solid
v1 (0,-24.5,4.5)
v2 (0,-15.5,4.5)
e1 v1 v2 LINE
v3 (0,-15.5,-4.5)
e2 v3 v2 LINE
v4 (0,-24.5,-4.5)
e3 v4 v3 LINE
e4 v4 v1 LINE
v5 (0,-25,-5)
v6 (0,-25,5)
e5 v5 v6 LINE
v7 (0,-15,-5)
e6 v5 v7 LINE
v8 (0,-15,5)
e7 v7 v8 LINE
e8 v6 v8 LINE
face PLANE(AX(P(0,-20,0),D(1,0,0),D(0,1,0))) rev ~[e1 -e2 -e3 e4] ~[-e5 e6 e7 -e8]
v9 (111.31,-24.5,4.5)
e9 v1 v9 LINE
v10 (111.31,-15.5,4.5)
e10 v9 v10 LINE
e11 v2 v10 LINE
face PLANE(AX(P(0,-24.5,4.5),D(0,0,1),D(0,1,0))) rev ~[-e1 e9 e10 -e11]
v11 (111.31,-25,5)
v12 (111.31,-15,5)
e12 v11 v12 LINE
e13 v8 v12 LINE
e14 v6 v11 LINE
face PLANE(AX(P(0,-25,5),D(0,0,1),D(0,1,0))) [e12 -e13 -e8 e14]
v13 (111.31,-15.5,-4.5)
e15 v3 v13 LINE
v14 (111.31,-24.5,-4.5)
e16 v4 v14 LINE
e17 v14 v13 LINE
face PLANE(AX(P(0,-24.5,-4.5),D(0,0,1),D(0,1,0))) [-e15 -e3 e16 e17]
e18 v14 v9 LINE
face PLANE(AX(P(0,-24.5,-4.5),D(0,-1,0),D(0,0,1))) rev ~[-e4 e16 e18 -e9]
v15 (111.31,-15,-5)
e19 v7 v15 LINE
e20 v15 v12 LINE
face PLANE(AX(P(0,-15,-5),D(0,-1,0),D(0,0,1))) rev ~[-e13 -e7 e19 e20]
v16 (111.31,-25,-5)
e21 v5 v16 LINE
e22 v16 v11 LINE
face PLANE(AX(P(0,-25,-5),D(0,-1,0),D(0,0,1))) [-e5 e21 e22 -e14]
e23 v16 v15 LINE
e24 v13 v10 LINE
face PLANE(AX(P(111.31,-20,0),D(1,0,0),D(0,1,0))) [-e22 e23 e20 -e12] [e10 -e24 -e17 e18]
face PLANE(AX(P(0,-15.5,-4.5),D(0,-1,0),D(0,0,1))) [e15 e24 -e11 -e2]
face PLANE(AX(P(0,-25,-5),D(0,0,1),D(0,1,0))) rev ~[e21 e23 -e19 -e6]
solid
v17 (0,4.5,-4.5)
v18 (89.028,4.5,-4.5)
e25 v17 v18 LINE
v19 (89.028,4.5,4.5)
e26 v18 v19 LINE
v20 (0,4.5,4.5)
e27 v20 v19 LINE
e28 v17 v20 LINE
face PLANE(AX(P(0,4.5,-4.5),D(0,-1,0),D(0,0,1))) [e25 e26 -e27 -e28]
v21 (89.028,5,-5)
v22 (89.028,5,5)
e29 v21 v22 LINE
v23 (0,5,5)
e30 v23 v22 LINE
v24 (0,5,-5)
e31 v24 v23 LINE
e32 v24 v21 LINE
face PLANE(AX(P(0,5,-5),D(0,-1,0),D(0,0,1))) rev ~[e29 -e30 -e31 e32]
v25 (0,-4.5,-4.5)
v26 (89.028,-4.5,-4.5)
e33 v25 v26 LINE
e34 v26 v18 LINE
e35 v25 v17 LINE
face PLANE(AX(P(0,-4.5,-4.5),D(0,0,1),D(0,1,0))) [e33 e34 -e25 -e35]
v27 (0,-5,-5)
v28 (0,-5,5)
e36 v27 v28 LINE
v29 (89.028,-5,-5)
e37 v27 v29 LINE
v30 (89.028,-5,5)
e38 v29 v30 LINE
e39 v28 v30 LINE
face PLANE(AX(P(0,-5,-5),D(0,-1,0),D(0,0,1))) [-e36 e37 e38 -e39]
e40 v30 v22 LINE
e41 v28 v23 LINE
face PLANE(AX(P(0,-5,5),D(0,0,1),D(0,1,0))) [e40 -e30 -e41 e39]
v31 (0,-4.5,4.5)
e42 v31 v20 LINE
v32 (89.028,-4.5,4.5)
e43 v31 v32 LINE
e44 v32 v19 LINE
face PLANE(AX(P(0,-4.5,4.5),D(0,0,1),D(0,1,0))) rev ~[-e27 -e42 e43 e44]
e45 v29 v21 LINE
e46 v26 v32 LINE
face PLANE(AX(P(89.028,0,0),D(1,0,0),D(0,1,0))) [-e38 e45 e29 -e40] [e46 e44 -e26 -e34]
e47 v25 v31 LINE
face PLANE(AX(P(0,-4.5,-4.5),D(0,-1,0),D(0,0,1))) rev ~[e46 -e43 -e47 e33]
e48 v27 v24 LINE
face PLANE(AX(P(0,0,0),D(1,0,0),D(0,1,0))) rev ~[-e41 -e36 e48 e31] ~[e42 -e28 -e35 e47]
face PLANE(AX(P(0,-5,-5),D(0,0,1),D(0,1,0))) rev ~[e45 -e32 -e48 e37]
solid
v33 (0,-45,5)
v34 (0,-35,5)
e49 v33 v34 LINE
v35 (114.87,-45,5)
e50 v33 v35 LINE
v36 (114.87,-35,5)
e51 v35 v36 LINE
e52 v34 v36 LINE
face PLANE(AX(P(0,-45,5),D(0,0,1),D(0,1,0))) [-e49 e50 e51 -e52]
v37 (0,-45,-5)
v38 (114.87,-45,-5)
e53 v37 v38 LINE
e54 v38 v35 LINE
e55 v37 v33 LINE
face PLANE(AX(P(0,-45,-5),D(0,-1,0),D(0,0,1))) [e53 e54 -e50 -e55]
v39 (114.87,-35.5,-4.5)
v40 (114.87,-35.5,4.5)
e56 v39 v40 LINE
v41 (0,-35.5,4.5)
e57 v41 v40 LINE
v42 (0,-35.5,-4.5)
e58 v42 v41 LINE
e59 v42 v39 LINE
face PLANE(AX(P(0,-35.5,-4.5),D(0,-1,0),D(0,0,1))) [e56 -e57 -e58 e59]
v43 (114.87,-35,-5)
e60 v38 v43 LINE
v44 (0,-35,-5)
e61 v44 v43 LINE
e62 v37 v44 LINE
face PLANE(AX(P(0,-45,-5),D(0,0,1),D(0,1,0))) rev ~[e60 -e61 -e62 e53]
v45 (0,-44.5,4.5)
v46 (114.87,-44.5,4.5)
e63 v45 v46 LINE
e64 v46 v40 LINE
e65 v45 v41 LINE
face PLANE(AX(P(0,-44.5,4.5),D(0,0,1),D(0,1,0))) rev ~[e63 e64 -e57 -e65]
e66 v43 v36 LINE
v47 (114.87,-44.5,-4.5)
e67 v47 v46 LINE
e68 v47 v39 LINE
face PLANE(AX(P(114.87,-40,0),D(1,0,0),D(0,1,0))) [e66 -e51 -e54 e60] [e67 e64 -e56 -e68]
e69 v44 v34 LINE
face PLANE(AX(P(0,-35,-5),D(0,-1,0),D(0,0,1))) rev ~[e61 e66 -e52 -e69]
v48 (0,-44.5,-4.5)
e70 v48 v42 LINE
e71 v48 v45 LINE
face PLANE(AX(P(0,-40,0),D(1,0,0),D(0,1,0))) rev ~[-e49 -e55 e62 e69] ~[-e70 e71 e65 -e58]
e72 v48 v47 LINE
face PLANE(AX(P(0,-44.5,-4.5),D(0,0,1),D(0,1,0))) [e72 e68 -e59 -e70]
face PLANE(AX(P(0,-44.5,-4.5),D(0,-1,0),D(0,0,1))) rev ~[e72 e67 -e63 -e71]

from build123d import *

# Parameters (mm, degrees)
F1_W     = 10
F1_H     = 10
F1_W_2   = 9
F1_H_2   = 9
F2_DEPTH = 89.028
F3_W     = 10
F3_H     = 10
F3_W_2   = 9
F3_H_2   = 9
F4_DEPTH = 111.31
F5_W     = 10
F5_H     = 10
F5_W_2   = 9
F5_H_2   = 9
F6_DEPTH = 114.87


with BuildPart() as f2:
    # F1 (on Right) → F2 (new body)
    with BuildSketch(Plane.YZ):
        Rectangle(F1_W, F1_H)
        Rectangle(F1_W_2, F1_H_2, mode=Mode.SUBTRACT)
    extrude(amount=F2_DEPTH)


with BuildPart() as f4:
    # F3 (on Right) → F4 (new body)
    with BuildSketch(Plane.YZ):
        with Locations((-20, 0)):
            Rectangle(F3_W, F3_H)
        with Locations((-20, 0)):
            Rectangle(F3_W_2, F3_H_2, mode=Mode.SUBTRACT)
    extrude(amount=F4_DEPTH)


with BuildPart() as f6:
    # F5 (on Right) → F6 (new body)
    with BuildSketch(Plane.YZ):
        with Locations((-40, 0)):
            Rectangle(F5_W, F5_H)
        with Locations((-40, 0)):
            Rectangle(F5_W_2, F5_H_2, mode=Mode.SUBTRACT)
    extrude(amount=F6_DEPTH)


solid = Compound([f2.part, f4.part, f6.part])
